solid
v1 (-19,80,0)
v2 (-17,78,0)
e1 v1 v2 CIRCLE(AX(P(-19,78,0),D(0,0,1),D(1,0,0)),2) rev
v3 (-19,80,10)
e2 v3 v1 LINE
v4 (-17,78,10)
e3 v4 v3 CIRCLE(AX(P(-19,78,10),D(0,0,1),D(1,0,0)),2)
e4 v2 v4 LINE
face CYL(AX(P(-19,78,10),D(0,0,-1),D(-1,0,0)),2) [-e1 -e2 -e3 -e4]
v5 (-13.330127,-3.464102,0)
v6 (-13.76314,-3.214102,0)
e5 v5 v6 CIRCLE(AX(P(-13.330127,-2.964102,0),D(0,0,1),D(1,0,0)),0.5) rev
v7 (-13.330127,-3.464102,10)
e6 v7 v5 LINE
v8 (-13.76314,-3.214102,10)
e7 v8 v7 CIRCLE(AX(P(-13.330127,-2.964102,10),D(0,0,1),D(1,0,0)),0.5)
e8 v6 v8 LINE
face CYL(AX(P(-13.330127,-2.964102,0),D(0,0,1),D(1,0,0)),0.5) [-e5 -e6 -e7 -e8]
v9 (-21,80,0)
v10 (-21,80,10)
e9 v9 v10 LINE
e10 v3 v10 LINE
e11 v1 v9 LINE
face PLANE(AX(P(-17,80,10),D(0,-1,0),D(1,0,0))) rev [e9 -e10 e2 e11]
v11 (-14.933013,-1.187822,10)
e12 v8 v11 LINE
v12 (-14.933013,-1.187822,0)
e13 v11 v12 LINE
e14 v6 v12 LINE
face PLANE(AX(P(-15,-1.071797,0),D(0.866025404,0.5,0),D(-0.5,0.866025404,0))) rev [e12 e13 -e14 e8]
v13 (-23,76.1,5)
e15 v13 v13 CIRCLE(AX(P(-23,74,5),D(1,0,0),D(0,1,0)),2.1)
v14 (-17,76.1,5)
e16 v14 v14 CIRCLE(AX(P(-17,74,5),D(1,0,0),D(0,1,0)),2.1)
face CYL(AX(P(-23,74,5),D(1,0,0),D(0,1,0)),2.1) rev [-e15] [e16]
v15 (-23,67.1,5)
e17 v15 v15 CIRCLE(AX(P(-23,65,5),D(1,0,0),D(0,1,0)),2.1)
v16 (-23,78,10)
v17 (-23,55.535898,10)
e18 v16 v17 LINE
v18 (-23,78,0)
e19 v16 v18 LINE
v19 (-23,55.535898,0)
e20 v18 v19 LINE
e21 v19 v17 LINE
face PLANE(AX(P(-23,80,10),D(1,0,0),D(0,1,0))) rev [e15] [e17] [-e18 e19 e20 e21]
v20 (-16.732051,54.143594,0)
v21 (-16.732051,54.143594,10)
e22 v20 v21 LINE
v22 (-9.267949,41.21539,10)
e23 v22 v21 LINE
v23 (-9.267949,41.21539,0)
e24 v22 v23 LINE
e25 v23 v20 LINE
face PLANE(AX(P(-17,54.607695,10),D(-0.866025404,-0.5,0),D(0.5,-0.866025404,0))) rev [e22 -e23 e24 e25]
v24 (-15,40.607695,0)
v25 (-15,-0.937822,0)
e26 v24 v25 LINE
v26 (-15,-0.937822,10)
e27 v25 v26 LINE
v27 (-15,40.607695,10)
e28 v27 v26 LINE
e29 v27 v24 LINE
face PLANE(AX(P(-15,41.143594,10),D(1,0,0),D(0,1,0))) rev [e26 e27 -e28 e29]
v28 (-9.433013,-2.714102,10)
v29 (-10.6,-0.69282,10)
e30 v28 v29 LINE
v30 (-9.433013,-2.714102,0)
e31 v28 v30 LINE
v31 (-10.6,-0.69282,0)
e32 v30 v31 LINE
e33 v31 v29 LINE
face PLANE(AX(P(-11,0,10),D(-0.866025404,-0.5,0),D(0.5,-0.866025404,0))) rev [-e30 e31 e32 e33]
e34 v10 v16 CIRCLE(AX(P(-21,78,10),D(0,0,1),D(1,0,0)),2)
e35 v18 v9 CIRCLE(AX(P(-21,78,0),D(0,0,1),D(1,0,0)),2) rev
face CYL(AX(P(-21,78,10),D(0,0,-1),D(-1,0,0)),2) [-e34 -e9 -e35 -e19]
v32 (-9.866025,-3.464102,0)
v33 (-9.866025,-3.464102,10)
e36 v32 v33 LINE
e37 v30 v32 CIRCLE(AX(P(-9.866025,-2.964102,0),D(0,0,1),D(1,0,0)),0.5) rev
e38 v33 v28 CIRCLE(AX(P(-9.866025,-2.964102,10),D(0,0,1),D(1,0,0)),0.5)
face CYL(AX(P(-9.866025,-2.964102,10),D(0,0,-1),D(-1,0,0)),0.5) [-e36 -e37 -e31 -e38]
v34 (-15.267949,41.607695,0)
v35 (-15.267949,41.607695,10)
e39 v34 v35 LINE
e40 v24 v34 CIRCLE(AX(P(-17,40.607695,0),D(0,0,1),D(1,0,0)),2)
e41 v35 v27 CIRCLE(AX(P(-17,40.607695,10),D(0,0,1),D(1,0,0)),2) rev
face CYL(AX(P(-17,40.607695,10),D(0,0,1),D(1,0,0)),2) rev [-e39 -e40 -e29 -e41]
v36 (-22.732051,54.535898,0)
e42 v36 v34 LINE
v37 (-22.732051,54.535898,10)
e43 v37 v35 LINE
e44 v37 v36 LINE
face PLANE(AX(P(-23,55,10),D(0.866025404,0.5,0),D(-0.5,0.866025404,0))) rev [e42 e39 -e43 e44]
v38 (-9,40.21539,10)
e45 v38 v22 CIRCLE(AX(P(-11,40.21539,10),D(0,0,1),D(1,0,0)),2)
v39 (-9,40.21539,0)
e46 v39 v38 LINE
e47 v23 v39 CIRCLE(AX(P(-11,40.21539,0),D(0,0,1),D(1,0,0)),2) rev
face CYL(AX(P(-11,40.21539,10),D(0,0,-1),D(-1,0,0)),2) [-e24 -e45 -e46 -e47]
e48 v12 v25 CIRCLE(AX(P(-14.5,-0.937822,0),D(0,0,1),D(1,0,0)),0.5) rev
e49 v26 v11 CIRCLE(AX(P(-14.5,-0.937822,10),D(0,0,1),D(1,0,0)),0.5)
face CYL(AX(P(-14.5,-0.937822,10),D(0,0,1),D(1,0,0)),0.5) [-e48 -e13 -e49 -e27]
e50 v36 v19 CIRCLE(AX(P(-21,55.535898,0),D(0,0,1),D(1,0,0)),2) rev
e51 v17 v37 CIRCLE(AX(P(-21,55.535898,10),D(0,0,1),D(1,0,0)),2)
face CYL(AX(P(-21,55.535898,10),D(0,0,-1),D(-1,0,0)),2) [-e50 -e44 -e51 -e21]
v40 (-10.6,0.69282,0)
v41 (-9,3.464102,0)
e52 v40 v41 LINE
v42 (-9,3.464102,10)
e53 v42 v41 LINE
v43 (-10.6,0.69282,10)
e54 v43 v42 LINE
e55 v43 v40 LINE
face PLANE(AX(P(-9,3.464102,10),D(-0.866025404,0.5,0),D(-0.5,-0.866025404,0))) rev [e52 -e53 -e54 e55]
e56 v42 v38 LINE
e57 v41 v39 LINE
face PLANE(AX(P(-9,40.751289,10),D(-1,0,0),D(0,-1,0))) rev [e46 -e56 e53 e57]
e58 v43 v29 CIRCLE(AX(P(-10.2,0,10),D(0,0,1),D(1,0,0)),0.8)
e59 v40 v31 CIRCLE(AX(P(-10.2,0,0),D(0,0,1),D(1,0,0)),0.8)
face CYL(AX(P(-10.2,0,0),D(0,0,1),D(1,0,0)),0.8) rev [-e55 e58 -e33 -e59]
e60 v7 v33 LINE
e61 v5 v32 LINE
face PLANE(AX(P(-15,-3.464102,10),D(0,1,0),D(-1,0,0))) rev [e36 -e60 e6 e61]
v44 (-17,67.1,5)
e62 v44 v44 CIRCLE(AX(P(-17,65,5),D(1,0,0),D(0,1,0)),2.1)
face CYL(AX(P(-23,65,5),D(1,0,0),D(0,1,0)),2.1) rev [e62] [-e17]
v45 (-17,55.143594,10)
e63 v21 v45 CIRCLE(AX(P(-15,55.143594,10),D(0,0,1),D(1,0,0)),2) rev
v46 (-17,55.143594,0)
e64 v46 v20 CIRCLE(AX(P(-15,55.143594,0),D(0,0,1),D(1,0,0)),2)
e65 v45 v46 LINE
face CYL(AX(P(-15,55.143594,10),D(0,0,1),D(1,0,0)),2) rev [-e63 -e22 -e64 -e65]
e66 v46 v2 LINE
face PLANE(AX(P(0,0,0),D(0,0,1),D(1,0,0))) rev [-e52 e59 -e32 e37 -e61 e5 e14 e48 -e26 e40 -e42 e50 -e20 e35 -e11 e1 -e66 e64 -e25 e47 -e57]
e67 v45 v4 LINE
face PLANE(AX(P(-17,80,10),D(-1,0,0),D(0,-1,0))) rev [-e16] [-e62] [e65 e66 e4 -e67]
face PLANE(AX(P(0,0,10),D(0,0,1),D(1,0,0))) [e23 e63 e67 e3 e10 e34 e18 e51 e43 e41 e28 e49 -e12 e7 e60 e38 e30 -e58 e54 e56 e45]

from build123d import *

# Parameters (mm, degrees)
EXTRUDE_1_DEPTH     = 10
SKETCH_2_R          = 2.1
CUT_EXTRUDE_1_DEPTH = 82.018516402
SKETCH_3_R          = 0.8
CUT_EXTRUDE_2_DEPTH = 84.839131675
FILLET_1_R          = 0.5
FILLET_2_R          = 2


with BuildPart() as part:
    # 草图1 → 凸台-拉伸1 (new body)
    with BuildSketch(Plane.XY):
        Polygon((-9, 3.464101615), (-11, 0), (-9, -3.464101615), (-15, -3.464101615), (-15, 41.143593539), (-23, 55), (-23, 80), (-17, 80), (-17, 54.607695155), (-9, 40.751288694), align=None)
    extrude(amount=EXTRUDE_1_DEPTH)

    # 草图2 → 切除-拉伸1 (cut, through all)
    with BuildSketch(Plane(origin=(-17, 0, 0), x_dir=(0, 0, -1), z_dir=(1, 0, 0))):
        with Locations(Location((-5, 65, 0), (0, 0, 90))):
            Circle(SKETCH_2_R)
        with Locations(Location((-5, 74, 0), (0, 0, 90))):
            Circle(SKETCH_2_R)
    extrude(amount=-CUT_EXTRUDE_1_DEPTH, mode=Mode.SUBTRACT)

    # 草图3 → 切除-拉伸2 (cut, through all)
    with BuildSketch(Plane.XY.offset(10)):
        with Locations((-10.2, 0)):
            Circle(SKETCH_3_R)
        Polygon((-15, -1.07179677), (-13.618802154, -3.464101615), (-15, -3.464101615), align=None)
    extrude(amount=-CUT_EXTRUDE_2_DEPTH, mode=Mode.SUBTRACT)

    # 圆角1
    fillet_1_edges = [part.edges().sort_by_distance(p)[0] for p in [
        (-9, -3.464101615, 5),
        (-15, -1.07179677, 5),
        (-13.618802154, -3.464101615, 5),
    ]]
    fillet(fillet_1_edges, radius=FILLET_1_R)

    # 圆角2
    fillet_2_edges = [part.edges().sort_by_distance(p)[0] for p in [
        (-15, 41.143593539, 5),
        (-23, 55, 5),
        (-23, 80, 5),
        (-17, 80, 5),
        (-17, 54.607695155, 5),
        (-9, 40.751288694, 5),
    ]]
    fillet(fillet_2_edges, radius=FILLET_2_R)


solid = part.part
